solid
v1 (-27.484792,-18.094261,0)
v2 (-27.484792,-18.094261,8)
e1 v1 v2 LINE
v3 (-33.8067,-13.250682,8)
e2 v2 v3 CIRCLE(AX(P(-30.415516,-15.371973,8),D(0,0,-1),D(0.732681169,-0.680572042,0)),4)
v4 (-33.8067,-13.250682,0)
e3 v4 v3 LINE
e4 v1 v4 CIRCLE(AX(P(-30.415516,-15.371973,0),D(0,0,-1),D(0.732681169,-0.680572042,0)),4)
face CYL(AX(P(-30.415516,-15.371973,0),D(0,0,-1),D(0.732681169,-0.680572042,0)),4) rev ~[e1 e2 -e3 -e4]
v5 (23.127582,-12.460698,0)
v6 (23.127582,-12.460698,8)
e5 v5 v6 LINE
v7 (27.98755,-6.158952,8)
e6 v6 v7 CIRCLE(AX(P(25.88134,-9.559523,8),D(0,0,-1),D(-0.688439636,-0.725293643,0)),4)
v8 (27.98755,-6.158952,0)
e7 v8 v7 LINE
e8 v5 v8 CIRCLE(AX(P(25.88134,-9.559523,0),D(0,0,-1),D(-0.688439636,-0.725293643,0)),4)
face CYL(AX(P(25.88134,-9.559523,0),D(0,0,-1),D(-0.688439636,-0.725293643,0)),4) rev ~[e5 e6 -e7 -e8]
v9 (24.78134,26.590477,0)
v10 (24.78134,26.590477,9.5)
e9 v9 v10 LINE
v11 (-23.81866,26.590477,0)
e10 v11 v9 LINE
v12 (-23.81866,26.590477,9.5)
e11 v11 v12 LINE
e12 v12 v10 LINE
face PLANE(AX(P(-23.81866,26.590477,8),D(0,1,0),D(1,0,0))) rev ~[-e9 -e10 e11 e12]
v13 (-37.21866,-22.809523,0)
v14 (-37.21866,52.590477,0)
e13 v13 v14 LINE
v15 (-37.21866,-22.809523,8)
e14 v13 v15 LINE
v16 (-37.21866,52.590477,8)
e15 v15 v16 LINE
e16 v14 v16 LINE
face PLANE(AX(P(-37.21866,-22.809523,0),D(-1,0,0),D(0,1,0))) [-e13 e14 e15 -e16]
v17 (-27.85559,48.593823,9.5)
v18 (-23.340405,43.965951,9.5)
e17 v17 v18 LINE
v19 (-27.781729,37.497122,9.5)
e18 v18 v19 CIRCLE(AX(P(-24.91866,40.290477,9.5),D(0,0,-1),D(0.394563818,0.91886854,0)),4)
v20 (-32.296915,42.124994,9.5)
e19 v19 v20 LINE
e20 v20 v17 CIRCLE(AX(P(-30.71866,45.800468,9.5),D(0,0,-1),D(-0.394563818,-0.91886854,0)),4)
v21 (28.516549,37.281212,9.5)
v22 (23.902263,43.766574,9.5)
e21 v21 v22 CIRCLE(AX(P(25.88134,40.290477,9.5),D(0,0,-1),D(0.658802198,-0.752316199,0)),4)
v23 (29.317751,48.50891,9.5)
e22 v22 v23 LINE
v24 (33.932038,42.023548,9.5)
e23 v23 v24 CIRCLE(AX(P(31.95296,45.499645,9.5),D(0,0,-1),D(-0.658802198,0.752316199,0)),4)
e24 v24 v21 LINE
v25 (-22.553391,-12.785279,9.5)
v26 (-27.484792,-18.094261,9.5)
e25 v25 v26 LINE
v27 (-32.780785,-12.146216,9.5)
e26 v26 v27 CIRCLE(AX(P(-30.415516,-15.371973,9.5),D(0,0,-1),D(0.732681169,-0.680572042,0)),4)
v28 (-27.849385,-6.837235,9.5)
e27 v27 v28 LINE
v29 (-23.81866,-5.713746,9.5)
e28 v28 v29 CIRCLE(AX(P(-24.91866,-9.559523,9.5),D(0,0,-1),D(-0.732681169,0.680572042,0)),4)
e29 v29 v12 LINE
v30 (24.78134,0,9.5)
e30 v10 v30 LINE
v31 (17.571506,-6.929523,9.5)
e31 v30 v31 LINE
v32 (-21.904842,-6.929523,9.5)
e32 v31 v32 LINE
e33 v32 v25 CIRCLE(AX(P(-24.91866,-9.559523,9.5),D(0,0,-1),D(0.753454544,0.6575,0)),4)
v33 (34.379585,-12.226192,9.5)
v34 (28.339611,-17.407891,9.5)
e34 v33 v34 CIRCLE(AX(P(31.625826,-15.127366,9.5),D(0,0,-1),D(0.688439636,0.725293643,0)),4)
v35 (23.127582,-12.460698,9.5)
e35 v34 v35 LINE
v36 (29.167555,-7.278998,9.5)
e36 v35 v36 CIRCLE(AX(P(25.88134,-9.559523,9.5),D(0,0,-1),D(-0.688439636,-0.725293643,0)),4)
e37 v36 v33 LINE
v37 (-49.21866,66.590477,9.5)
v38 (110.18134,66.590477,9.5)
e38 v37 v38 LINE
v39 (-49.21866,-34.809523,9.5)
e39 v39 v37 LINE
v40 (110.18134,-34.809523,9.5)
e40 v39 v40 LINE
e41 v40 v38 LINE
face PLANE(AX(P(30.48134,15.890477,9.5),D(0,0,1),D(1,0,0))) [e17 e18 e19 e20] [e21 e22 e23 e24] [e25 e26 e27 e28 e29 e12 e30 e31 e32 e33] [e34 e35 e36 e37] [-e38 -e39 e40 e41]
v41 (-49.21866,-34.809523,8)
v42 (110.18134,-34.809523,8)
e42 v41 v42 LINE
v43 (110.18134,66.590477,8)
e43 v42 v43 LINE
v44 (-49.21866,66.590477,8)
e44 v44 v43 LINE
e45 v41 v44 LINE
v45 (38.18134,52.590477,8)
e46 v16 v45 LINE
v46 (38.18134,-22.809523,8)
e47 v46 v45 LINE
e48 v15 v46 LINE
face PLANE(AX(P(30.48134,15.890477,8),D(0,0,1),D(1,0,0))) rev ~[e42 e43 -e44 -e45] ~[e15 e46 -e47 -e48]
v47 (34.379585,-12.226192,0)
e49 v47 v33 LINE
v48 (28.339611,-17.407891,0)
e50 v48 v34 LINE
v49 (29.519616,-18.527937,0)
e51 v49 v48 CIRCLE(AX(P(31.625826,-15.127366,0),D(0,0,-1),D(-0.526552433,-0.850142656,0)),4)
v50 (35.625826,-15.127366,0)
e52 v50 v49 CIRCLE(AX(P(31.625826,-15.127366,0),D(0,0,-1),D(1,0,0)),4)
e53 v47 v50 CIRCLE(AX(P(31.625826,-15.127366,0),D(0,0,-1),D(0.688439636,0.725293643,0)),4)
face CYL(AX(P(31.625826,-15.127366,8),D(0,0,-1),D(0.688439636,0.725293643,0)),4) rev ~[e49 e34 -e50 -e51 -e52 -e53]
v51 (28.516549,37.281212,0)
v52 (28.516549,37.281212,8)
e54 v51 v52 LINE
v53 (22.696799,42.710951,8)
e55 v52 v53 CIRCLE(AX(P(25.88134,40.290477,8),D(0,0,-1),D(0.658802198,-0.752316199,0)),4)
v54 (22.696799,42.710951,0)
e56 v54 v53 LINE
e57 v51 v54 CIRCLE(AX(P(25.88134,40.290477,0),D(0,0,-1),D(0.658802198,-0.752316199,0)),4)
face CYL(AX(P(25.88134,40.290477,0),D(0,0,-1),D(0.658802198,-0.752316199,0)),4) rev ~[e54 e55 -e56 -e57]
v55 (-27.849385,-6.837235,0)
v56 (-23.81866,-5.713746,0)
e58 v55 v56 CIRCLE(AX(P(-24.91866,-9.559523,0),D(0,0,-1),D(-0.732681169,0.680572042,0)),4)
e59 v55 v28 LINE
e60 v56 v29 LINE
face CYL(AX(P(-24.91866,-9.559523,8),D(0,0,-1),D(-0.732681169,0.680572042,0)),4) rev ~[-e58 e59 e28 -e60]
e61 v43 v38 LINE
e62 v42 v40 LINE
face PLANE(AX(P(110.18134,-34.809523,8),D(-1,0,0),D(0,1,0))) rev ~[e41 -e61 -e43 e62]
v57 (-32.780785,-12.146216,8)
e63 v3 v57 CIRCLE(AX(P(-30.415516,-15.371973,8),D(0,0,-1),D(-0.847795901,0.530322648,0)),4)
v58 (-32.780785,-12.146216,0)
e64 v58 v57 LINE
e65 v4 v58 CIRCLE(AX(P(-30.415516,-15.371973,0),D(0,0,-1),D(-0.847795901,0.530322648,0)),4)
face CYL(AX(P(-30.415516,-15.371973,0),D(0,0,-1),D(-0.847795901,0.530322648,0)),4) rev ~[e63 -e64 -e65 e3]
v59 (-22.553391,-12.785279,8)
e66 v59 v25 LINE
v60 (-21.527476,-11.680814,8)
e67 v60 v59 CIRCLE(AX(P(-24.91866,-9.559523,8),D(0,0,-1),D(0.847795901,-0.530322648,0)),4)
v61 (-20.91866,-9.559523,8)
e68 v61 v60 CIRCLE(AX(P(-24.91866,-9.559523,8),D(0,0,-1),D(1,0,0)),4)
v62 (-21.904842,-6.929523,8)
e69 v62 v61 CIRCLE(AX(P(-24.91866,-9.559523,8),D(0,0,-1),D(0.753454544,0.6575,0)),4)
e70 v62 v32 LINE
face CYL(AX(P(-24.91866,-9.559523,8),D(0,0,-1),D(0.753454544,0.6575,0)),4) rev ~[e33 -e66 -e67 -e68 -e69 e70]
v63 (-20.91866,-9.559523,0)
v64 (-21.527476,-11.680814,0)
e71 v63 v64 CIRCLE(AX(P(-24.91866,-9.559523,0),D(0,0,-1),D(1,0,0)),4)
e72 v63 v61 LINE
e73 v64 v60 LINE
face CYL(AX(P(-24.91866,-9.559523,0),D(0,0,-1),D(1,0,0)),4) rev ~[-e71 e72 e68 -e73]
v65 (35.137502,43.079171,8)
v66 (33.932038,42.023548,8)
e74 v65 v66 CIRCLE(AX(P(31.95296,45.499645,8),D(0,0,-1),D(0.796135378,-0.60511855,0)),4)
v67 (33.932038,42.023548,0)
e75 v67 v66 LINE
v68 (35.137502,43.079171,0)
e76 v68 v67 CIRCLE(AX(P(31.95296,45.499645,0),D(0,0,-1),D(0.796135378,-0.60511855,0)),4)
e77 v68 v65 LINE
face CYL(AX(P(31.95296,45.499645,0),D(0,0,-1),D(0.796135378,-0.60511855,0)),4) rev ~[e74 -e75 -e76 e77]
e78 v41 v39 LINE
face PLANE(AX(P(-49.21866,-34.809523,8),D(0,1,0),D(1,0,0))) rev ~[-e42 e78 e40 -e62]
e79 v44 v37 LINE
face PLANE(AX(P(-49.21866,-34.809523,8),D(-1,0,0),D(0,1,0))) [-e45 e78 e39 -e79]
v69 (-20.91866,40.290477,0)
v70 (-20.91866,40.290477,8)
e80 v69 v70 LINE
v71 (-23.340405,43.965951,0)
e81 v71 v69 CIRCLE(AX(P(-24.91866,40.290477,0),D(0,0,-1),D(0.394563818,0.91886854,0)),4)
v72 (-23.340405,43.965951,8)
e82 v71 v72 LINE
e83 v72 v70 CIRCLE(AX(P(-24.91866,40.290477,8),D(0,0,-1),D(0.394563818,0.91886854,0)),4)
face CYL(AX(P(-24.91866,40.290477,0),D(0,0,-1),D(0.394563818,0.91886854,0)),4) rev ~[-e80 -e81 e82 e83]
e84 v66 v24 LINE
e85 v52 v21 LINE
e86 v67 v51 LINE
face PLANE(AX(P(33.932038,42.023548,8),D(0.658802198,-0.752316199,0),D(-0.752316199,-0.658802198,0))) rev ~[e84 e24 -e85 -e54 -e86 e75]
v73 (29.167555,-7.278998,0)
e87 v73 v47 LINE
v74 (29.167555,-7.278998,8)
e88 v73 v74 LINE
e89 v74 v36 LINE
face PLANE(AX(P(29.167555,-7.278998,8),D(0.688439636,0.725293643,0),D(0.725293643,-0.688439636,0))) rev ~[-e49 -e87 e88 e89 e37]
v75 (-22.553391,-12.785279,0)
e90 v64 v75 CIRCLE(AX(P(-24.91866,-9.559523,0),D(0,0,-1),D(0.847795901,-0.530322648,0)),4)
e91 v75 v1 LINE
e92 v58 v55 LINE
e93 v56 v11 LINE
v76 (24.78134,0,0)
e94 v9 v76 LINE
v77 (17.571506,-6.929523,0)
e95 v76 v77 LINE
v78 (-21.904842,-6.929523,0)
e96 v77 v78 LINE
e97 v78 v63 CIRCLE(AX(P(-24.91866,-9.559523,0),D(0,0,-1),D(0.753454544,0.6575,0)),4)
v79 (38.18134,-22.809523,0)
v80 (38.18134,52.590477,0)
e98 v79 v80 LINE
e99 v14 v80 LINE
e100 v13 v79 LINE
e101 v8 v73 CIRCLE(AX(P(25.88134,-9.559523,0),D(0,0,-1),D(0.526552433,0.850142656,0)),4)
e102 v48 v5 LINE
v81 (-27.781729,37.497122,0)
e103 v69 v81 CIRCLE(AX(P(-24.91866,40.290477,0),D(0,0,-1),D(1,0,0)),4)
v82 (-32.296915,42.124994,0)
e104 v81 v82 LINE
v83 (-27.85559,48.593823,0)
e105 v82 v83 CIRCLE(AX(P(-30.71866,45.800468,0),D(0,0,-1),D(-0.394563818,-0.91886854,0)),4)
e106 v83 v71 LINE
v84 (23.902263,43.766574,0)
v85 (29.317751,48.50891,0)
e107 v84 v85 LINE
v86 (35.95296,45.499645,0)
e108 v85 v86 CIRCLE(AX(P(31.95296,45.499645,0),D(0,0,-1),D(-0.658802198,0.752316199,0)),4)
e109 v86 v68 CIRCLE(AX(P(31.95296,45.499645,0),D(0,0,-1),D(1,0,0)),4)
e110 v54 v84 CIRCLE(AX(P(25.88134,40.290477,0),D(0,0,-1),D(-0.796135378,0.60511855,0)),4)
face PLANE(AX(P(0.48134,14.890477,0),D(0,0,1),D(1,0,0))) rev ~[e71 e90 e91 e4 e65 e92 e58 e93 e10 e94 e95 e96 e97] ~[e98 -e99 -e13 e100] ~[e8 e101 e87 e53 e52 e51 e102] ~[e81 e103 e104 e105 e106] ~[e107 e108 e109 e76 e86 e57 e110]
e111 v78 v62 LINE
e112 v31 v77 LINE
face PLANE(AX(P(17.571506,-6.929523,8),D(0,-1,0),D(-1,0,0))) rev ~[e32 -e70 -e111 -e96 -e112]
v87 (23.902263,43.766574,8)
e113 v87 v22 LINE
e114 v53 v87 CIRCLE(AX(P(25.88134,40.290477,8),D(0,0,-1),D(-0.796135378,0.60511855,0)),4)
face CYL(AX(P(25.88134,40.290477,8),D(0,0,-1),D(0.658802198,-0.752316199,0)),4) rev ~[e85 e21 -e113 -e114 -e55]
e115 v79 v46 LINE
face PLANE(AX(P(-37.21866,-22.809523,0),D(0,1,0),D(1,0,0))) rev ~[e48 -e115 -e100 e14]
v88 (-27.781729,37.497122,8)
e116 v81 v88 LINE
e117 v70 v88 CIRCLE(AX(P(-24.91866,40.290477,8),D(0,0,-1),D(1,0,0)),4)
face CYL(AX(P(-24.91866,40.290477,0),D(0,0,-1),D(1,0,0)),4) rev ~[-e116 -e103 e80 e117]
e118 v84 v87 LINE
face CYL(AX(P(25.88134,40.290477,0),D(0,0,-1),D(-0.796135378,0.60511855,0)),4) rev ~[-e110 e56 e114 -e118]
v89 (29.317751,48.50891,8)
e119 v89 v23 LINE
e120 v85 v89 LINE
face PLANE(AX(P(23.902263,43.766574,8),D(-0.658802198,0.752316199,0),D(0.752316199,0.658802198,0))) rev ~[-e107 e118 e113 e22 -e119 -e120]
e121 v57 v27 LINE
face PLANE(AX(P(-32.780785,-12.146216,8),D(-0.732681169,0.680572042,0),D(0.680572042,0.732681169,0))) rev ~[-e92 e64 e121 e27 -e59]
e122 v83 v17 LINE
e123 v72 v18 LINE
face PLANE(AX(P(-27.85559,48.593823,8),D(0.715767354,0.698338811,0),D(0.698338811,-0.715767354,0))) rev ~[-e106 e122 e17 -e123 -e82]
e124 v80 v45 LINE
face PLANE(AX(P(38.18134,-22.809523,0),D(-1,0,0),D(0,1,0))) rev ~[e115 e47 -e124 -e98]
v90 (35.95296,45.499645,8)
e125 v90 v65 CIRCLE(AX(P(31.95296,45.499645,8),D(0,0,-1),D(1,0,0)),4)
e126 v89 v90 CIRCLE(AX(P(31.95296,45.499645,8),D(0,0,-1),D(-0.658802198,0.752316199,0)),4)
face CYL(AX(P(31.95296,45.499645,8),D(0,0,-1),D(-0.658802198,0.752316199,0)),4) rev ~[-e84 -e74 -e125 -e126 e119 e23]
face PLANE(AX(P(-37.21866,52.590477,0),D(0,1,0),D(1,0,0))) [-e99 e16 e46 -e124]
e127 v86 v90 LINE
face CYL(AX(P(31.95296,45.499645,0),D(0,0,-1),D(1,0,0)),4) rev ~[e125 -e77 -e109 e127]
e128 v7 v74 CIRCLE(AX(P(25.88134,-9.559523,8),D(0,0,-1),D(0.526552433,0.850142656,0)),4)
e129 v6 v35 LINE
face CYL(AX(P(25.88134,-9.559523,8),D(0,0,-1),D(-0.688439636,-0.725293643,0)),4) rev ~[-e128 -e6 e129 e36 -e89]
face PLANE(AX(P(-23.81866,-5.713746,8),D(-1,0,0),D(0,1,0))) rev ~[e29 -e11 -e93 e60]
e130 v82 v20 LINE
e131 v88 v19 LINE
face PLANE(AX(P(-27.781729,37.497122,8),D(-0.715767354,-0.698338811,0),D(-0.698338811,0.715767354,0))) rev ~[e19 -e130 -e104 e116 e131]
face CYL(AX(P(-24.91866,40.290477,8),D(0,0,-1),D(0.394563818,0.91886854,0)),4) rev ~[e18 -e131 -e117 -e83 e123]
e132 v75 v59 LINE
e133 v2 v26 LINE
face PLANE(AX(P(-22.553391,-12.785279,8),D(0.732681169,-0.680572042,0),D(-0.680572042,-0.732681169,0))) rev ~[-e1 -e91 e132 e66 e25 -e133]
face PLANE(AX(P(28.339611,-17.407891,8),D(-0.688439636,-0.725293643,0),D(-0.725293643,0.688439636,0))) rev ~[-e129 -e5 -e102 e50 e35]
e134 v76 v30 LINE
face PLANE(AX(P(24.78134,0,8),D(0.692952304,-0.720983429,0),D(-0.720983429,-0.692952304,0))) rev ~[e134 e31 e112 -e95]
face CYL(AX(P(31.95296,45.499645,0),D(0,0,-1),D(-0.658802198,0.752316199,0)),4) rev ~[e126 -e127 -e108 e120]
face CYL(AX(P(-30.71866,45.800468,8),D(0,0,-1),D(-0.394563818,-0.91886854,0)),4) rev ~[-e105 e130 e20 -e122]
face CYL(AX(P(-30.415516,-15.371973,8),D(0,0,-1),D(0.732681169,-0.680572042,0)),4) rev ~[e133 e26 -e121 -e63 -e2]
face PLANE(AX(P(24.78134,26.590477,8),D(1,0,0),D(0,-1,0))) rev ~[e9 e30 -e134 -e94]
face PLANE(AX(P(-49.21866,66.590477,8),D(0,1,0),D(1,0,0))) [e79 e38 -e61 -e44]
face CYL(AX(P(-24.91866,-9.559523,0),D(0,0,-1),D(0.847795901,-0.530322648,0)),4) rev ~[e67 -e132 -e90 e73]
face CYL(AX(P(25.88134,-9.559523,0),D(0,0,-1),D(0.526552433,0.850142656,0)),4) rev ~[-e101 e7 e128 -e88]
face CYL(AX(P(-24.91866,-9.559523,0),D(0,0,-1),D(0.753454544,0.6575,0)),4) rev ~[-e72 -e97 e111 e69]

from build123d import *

# Parameters (mm, degrees)
F0_W     = 75.4
F0_H     = 75.4
F1_DEPTH = 8
F2_W     = 159.4
F2_H     = 101.4
F2_W_2   = 75.4
F2_H_2   = 75.4
F3_DEPTH = 1.5


with BuildPart() as f1:
    # F0 (on Top) → F1 (new body)
    with BuildSketch(Plane.XY):
        with Locations((0.4813401251, 14.8904769625)):
            Rectangle(F0_W, F0_H)
        with BuildLine():
            Line((-23.8186598749, -5.7137461329), (-23.8186598749, 26.5904769625))
            Line((-23.8186598749, 26.5904769625), (24.7813401251, 26.5904769625))
            Line((24.7813401251, 26.5904769625), (24.7813401251, 0))
            Line((24.7813401251, 0), (17.5715058362, -6.9295230375))
            Line((17.5715058362, -6.9295230375), (-21.9048416986, -6.9295230375))
            ThreePointArc((-21.9048416986, -6.9295230375), (-21.1733112459, -8.1551143907), (-20.9186598749, -9.5595230375))
            ThreePointArc((-20.9186598749, -9.5595230375), (-21.0738754588, -10.662987035), (-21.5274762718, -11.6808136281))
            ThreePointArc((-21.5274762718, -11.6808136281), (-21.9879351974, -12.2818112046), (-22.5533910913, -12.785279318))
            Line((-22.5533910913, -12.785279318), (-27.484791629, -18.0942607202))
            ThreePointArc((-27.484791629, -18.0942607202), (-32.8482245506, -18.5471781525), (-33.8066999096, -13.2506819624))
            ThreePointArc((-33.8066999096, -13.2506819624), (-33.346240984, -12.649684386), (-32.7807850901, -12.1462162726))
            Line((-32.7807850901, -12.1462162726), (-27.8493845524, -6.8372348704))
            ThreePointArc((-27.8493845524, -6.8372348704), (-25.9926454181, -5.7064002711), (-23.8186598749, -5.7137461329))
        make_face(mode=Mode.SUBTRACT)
        with BuildLine():
            ThreePointArc((23.1275815823, -12.4606976079), (22.7138761568, -7.1167434713), (27.9875498557, -6.1589524133))
            ThreePointArc((27.9875498557, -6.1589524133), (28.6350986679, -6.6583484671), (29.1675548503, -7.2789983655))
            Line((29.1675548503, -7.2789983655), (34.3795847494, -12.2261918251))
            ThreePointArc((34.3795847494, -12.2261918251), (35.3010836242, -13.5486064662), (35.6258262066, -15.1273663955))
            ThreePointArc((35.6258262066, -15.1273663955), (33.5719969439, -18.6219936233), (29.519616476, -18.5279370197))
            ThreePointArc((29.519616476, -18.5279370197), (28.8720676639, -18.0285409659), (28.3396114814, -17.4078910675))
            Line((28.3396114814, -17.4078910675), (23.1275815823, -12.4606976079))
        make_face(mode=Mode.SUBTRACT)
        with BuildLine():
            ThreePointArc((-23.3404046039, 43.9659511223), (-21.578523569, 42.4912698782), (-20.9186598749, 40.2904769625))
            ThreePointArc((-20.9186598749, 40.2904769625), (-23.4107271297, 36.5855965547), (-27.7817292929, 37.4971217205))
            Line((-27.7817292929, 37.4971217205), (-32.2969151459, 42.1249937282))
            ThreePointArc((-32.2969151459, 42.1249937282), (-34.016253741, 48.064507352), (-27.855590457, 48.5938231301))
            Line((-27.855590457, 48.5938231301), (-23.3404046039, 43.9659511223))
        make_face(mode=Mode.SUBTRACT)
        with BuildLine():
            ThreePointArc((28.516548918, 37.2812121656), (23.1526118498, 37.3657475734), (22.6967986115, 42.7109511615))
            ThreePointArc((22.6967986115, 42.7109511615), (23.2461313322, 43.2997417594), (23.9022626101, 43.7665742266))
            Line((23.9022626101, 43.7665742266), (29.3177512802, 48.5089097551))
            ThreePointArc((29.3177512802, 48.5089097551), (33.6051048652, 49.1425033943), (35.9529600731, 45.4996449582))
            ThreePointArc((35.9529600731, 45.4996449582), (35.7436174075, 44.2225713609), (35.1375015867, 43.0791707592))
            ThreePointArc((35.1375015867, 43.0791707592), (34.5881688659, 42.4903801613), (33.932037588, 42.0235476941))
            Line((33.932037588, 42.0235476941), (28.516548918, 37.2812121656))
        make_face(mode=Mode.SUBTRACT)
    extrude(amount=F1_DEPTH)

    # F2 (on face) → F3 (join)
    with BuildSketch(Plane.XY.offset(8)):
        with Locations((30.4813401251, 15.8904769625)):
            Rectangle(F2_W, F2_H)
        with Locations((0.4813401251, 14.8904769625)):
            Rectangle(F2_W_2, F2_H_2, mode=Mode.SUBTRACT)
        with Locations((0.4813401251, 14.8904769625)):
            Rectangle(F2_W_2, F2_H_2)
        with BuildLine():
            ThreePointArc((34.3795847494, -12.2261918251), (34.2303183176, -18.1632552017), (28.3396114814, -17.4078910675))
            Line((28.3396114814, -17.4078910675), (23.1275815823, -12.4606976079))
            ThreePointArc((23.1275815823, -12.4606976079), (23.2768480141, -6.5236342313), (29.1675548503, -7.2789983655))
            Line((29.1675548503, -7.2789983655), (34.3795847494, -12.2261918251))
        make_face(mode=Mode.SUBTRACT)
        with BuildLine():
            ThreePointArc((-27.8493845524, -6.8372348704), (-25.9926454181, -5.7064002711), (-23.8186598749, -5.7137461329))
            Line((-23.8186598749, -5.7137461329), (-23.8186598749, 26.5904769625))
            Line((-23.8186598749, 26.5904769625), (24.7813401251, 26.5904769625))
            Line((24.7813401251, 26.5904769625), (24.7813401251, 0))
            Line((24.7813401251, 0), (17.5715058362, -6.9295230375))
            Line((17.5715058362, -6.9295230375), (-21.9048416986, -6.9295230375))
            ThreePointArc((-21.9048416986, -6.9295230375), (-20.9429694273, -9.9998473102), (-22.5533910913, -12.785279318))
            Line((-22.5533910913, -12.785279318), (-27.484791629, -18.0942607202))
            ThreePointArc((-27.484791629, -18.0942607202), (-33.4029471893, -18.0319080261), (-32.7807850901, -12.1462162726))
            Line((-32.7807850901, -12.1462162726), (-27.8493845524, -6.8372348704))
        make_face(mode=Mode.SUBTRACT)
        with BuildLine():
            ThreePointArc((-32.2969151459, 42.1249937282), (-34.016253741, 48.064507352), (-27.855590457, 48.5938231301))
            Line((-27.855590457, 48.5938231301), (-23.3404046039, 43.9659511223))
            ThreePointArc((-23.3404046039, 43.9659511223), (-21.6210660088, 38.0264374985), (-27.7817292929, 37.4971217205))
            Line((-27.7817292929, 37.4971217205), (-32.2969151459, 42.1249937282))
        make_face(mode=Mode.SUBTRACT)
        with BuildLine():
            ThreePointArc((28.516548918, 37.2812121656), (22.6221059621, 37.9715563794), (23.9022626101, 43.7665742266))
            Line((23.9022626101, 43.7665742266), (29.3177512802, 48.5089097551))
            ThreePointArc((29.3177512802, 48.5089097551), (35.212194236, 47.8185655413), (33.932037588, 42.0235476941))
            Line((33.932037588, 42.0235476941), (28.516548918, 37.2812121656))
        make_face(mode=Mode.SUBTRACT)
    extrude(amount=F3_DEPTH)


solid = f1.part
